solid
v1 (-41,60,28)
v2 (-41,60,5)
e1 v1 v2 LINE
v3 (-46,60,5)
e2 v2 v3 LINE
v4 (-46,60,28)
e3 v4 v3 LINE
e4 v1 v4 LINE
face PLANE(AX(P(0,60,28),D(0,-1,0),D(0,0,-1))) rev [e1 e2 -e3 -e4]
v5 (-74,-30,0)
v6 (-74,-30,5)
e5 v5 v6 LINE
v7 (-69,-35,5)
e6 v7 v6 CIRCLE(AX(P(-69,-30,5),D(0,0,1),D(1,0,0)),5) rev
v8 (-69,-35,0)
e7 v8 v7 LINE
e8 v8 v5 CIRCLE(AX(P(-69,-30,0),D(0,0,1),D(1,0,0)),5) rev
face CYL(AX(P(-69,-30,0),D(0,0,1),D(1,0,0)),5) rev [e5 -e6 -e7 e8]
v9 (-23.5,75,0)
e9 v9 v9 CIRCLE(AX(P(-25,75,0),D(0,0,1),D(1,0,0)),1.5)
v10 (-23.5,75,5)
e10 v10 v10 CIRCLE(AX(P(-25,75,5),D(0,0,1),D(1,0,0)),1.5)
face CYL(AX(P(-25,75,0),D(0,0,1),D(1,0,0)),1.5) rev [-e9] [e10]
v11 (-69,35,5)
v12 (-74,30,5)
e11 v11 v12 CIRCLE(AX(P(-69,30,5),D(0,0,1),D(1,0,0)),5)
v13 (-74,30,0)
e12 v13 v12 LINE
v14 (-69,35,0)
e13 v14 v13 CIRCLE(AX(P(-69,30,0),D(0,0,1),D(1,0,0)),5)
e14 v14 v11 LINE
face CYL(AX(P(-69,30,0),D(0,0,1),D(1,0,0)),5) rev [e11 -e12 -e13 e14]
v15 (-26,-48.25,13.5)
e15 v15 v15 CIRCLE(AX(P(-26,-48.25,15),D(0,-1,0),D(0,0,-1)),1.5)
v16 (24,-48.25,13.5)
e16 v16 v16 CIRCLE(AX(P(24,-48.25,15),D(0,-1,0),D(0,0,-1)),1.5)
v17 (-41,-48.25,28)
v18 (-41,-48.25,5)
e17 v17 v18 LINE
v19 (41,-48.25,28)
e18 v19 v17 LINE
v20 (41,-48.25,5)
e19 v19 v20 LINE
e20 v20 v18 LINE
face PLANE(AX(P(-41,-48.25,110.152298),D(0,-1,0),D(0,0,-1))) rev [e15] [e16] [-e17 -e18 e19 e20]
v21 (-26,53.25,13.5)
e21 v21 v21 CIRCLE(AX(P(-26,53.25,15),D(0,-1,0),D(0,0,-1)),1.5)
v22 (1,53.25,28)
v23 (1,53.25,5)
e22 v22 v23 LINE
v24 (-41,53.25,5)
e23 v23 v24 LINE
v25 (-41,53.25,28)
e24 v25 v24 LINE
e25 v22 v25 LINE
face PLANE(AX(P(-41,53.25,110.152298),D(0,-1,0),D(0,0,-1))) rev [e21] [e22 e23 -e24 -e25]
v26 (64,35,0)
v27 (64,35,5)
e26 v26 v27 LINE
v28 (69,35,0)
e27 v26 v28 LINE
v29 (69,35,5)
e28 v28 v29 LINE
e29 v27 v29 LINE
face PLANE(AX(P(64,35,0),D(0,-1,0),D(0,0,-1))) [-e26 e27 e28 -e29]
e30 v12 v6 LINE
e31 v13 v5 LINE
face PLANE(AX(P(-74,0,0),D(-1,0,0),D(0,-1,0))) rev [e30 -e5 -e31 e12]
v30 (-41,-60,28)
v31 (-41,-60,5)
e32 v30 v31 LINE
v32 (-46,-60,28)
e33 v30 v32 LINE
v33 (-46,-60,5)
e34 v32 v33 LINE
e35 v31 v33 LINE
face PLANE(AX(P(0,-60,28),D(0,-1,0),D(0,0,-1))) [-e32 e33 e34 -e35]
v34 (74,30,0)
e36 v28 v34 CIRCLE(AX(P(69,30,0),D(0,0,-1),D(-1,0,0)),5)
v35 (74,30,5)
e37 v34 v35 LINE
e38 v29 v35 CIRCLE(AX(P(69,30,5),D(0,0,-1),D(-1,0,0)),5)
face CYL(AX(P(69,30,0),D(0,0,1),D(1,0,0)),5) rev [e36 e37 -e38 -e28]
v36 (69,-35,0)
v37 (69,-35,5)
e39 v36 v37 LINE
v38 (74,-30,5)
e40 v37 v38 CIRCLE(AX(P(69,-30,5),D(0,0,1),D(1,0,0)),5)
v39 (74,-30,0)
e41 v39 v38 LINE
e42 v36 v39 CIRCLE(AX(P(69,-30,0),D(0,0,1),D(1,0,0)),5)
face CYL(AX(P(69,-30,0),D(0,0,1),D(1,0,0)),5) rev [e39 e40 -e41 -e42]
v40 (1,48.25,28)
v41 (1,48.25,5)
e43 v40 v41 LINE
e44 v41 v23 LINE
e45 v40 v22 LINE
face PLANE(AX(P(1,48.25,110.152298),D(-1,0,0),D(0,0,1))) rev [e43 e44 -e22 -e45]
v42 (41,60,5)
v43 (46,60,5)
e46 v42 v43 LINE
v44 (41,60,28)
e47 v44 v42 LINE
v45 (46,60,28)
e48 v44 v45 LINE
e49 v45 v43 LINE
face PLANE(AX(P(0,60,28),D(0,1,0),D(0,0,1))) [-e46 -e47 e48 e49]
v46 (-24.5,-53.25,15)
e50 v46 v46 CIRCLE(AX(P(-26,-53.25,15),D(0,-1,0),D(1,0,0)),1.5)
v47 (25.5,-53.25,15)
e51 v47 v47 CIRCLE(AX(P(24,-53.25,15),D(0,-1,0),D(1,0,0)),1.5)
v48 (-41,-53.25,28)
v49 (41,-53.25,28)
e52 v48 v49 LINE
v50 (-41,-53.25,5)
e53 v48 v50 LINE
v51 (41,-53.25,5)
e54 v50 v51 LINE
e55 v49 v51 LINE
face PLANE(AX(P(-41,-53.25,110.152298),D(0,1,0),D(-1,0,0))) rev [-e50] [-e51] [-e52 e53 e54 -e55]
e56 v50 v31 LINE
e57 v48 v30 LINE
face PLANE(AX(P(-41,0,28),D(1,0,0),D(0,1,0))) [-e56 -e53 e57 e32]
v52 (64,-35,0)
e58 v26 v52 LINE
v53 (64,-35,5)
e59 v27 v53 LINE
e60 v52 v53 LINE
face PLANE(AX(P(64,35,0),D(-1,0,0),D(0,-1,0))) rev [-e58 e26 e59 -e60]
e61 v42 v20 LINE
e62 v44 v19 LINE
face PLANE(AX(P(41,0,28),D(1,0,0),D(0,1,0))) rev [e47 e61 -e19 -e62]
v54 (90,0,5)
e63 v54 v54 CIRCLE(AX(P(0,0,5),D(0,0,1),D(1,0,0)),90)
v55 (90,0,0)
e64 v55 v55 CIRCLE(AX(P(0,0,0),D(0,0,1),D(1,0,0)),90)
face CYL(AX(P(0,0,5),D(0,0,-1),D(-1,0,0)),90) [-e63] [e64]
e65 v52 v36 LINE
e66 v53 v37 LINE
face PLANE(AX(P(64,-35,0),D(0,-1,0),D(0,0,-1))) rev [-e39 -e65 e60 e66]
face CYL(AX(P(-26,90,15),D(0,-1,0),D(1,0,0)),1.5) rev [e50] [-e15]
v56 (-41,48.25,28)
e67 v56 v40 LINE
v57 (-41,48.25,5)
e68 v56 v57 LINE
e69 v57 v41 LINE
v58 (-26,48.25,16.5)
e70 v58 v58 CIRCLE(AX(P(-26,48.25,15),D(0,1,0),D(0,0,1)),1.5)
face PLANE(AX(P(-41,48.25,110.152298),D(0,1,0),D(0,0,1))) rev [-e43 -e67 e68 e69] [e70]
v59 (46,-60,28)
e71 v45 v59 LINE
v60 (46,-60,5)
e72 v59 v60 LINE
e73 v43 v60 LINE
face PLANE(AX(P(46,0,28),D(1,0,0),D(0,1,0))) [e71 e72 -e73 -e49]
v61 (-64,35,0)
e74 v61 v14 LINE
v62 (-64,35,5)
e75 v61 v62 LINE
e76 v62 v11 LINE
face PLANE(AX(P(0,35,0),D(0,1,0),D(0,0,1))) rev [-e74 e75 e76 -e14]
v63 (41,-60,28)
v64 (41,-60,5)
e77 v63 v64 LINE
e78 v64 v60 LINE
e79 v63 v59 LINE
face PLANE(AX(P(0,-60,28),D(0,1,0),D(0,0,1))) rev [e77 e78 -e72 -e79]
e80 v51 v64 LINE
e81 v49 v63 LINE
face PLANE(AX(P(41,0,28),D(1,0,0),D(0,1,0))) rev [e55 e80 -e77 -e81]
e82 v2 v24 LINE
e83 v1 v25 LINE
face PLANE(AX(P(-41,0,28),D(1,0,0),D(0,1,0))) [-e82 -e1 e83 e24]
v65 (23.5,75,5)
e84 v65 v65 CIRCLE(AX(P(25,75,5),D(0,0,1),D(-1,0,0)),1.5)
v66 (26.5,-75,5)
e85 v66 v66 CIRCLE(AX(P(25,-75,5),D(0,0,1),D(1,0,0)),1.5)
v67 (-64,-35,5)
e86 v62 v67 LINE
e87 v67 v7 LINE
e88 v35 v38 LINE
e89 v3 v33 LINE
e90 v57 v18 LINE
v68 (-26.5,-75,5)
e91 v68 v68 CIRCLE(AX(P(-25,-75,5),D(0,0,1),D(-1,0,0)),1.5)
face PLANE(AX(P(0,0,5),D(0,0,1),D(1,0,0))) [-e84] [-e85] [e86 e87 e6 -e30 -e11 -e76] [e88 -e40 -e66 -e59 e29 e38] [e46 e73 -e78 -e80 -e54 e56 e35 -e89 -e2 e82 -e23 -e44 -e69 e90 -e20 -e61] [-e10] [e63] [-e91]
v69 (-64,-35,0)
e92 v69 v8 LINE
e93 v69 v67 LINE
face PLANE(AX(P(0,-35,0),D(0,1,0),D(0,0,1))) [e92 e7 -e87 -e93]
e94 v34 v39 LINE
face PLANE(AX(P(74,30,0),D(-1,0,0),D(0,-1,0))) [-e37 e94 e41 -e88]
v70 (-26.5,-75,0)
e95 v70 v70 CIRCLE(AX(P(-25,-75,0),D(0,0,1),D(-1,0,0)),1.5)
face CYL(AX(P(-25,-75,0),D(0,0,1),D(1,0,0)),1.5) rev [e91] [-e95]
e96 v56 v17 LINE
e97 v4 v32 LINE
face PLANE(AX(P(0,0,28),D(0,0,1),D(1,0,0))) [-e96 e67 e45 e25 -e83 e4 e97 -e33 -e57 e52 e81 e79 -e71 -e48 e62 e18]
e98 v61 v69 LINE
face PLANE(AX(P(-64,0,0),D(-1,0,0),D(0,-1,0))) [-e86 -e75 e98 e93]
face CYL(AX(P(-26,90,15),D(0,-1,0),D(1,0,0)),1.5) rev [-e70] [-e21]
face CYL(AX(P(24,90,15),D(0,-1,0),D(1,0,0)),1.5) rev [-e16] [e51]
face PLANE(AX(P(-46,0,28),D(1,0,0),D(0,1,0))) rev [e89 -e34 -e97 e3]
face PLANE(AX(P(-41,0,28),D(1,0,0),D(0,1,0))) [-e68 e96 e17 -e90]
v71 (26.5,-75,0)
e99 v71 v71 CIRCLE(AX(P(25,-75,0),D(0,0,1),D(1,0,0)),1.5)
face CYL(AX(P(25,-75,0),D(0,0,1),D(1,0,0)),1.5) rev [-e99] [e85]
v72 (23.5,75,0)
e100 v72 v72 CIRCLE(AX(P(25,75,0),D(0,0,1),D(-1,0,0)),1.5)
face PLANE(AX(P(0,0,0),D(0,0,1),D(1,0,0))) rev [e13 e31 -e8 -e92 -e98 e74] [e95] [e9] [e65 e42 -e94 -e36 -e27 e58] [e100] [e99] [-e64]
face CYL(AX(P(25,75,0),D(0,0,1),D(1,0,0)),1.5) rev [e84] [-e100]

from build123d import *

# Parameters (mm, degrees)
SKETCH_1_R          = 90
EXTRUDE_1_DEPTH     = 5
CUT_EXTRUDE_1_DEPTH = 128.377392029
SKETCH_2_R          = 1.5
CUT_EXTRUDE_2_DEPTH = 128.377392029
SKETCH_4_W          = 5
SKETCH_4_H          = 120
EXTRUDE_2_DEPTH     = 23
SKETCH_5_W          = 82
SKETCH_5_H          = 5
SKETCH_5_W_2        = 42
EXTRUDE_3_DEPTH     = 23
SKETCH_6_R          = 1.5
CUT_EXTRUDE_3_DEPTH = 172.477585999


with BuildPart() as part:
    # 草圖1 → 填料-伸長1 (new body)
    with BuildSketch(Plane.XY):
        Circle(SKETCH_1_R)
    extrude(amount=EXTRUDE_1_DEPTH)

    # 草圖3 → 除料-伸長1 (cut, through all)
    with BuildSketch(Plane.XY.offset(5)):
        with BuildLine():
            ThreePointArc((-69, -35), (-72.535533906, -33.535533906), (-74, -30))
            Line((-74, -30), (-74, 30))
            ThreePointArc((-74, 30), (-72.535533906, 33.535533906), (-69, 35))
            Line((-69, 35), (-64, 35))
            Line((-64, 35), (-64, -35))
            Line((-64, -35), (-69, -35))
        make_face()
        with BuildLine():
            Line((64, 35), (64, -35))
            Line((64, -35), (69, -35))
            ThreePointArc((69, -35), (72.535533906, -33.535533906), (74, -30))
            Line((74, -30), (74, 30))
            ThreePointArc((74, 30), (72.535533906, 33.535533906), (69, 35))
            Line((69, 35), (64, 35))
        make_face()
    extrude(amount=-CUT_EXTRUDE_1_DEPTH, mode=Mode.SUBTRACT)

    # 草圖2 → 除料-伸長2 (cut, through all)
    with BuildSketch(Plane.XY.offset(5)):
        with Locations((-25, 75)):
            Circle(SKETCH_2_R)
        with Locations(Location((-25, -75, 0), (0, 0, 180))):
            Circle(SKETCH_2_R)
        with Locations(Location((25, 75, 0), (0, 0, 180))):
            Circle(SKETCH_2_R)
        with Locations((25, -75)):
            Circle(SKETCH_2_R)
    extrude(amount=-CUT_EXTRUDE_2_DEPTH, mode=Mode.SUBTRACT)

    # 草圖4 → 填料-伸長2 (add)
    with BuildSketch(Plane.XY.offset(5)):
        with Locations((-43.5, 0)):
            Rectangle(SKETCH_4_W, SKETCH_4_H)
        with Locations((43.5, 0)):
            Rectangle(SKETCH_4_W, SKETCH_4_H)
    extrude(amount=EXTRUDE_2_DEPTH)

    # 草圖5 → 填料-伸長3 (add)
    with BuildSketch(Plane.XY.offset(5)):
        with Locations((0, -50.75)):
            Rectangle(SKETCH_5_W, SKETCH_5_H)
        with Locations((-20, 50.75)):
            Rectangle(SKETCH_5_W_2, SKETCH_5_H)
    extrude(amount=EXTRUDE_3_DEPTH)

    # 草圖6 → 除料-伸長3 (cut, through all)
    with BuildSketch(Plane(origin=(0, -53.25, 0), x_dir=(-1, 0, 0), z_dir=(0, -1, 0))):
        with Locations(Location((26, -15, 0), (0, 0, 90))):
            Circle(SKETCH_6_R)
        with Locations(Location((-24, -15, 0), (0, 0, 180))):
            Circle(SKETCH_6_R)
    extrude(amount=-CUT_EXTRUDE_3_DEPTH, mode=Mode.SUBTRACT)


solid = part.part
